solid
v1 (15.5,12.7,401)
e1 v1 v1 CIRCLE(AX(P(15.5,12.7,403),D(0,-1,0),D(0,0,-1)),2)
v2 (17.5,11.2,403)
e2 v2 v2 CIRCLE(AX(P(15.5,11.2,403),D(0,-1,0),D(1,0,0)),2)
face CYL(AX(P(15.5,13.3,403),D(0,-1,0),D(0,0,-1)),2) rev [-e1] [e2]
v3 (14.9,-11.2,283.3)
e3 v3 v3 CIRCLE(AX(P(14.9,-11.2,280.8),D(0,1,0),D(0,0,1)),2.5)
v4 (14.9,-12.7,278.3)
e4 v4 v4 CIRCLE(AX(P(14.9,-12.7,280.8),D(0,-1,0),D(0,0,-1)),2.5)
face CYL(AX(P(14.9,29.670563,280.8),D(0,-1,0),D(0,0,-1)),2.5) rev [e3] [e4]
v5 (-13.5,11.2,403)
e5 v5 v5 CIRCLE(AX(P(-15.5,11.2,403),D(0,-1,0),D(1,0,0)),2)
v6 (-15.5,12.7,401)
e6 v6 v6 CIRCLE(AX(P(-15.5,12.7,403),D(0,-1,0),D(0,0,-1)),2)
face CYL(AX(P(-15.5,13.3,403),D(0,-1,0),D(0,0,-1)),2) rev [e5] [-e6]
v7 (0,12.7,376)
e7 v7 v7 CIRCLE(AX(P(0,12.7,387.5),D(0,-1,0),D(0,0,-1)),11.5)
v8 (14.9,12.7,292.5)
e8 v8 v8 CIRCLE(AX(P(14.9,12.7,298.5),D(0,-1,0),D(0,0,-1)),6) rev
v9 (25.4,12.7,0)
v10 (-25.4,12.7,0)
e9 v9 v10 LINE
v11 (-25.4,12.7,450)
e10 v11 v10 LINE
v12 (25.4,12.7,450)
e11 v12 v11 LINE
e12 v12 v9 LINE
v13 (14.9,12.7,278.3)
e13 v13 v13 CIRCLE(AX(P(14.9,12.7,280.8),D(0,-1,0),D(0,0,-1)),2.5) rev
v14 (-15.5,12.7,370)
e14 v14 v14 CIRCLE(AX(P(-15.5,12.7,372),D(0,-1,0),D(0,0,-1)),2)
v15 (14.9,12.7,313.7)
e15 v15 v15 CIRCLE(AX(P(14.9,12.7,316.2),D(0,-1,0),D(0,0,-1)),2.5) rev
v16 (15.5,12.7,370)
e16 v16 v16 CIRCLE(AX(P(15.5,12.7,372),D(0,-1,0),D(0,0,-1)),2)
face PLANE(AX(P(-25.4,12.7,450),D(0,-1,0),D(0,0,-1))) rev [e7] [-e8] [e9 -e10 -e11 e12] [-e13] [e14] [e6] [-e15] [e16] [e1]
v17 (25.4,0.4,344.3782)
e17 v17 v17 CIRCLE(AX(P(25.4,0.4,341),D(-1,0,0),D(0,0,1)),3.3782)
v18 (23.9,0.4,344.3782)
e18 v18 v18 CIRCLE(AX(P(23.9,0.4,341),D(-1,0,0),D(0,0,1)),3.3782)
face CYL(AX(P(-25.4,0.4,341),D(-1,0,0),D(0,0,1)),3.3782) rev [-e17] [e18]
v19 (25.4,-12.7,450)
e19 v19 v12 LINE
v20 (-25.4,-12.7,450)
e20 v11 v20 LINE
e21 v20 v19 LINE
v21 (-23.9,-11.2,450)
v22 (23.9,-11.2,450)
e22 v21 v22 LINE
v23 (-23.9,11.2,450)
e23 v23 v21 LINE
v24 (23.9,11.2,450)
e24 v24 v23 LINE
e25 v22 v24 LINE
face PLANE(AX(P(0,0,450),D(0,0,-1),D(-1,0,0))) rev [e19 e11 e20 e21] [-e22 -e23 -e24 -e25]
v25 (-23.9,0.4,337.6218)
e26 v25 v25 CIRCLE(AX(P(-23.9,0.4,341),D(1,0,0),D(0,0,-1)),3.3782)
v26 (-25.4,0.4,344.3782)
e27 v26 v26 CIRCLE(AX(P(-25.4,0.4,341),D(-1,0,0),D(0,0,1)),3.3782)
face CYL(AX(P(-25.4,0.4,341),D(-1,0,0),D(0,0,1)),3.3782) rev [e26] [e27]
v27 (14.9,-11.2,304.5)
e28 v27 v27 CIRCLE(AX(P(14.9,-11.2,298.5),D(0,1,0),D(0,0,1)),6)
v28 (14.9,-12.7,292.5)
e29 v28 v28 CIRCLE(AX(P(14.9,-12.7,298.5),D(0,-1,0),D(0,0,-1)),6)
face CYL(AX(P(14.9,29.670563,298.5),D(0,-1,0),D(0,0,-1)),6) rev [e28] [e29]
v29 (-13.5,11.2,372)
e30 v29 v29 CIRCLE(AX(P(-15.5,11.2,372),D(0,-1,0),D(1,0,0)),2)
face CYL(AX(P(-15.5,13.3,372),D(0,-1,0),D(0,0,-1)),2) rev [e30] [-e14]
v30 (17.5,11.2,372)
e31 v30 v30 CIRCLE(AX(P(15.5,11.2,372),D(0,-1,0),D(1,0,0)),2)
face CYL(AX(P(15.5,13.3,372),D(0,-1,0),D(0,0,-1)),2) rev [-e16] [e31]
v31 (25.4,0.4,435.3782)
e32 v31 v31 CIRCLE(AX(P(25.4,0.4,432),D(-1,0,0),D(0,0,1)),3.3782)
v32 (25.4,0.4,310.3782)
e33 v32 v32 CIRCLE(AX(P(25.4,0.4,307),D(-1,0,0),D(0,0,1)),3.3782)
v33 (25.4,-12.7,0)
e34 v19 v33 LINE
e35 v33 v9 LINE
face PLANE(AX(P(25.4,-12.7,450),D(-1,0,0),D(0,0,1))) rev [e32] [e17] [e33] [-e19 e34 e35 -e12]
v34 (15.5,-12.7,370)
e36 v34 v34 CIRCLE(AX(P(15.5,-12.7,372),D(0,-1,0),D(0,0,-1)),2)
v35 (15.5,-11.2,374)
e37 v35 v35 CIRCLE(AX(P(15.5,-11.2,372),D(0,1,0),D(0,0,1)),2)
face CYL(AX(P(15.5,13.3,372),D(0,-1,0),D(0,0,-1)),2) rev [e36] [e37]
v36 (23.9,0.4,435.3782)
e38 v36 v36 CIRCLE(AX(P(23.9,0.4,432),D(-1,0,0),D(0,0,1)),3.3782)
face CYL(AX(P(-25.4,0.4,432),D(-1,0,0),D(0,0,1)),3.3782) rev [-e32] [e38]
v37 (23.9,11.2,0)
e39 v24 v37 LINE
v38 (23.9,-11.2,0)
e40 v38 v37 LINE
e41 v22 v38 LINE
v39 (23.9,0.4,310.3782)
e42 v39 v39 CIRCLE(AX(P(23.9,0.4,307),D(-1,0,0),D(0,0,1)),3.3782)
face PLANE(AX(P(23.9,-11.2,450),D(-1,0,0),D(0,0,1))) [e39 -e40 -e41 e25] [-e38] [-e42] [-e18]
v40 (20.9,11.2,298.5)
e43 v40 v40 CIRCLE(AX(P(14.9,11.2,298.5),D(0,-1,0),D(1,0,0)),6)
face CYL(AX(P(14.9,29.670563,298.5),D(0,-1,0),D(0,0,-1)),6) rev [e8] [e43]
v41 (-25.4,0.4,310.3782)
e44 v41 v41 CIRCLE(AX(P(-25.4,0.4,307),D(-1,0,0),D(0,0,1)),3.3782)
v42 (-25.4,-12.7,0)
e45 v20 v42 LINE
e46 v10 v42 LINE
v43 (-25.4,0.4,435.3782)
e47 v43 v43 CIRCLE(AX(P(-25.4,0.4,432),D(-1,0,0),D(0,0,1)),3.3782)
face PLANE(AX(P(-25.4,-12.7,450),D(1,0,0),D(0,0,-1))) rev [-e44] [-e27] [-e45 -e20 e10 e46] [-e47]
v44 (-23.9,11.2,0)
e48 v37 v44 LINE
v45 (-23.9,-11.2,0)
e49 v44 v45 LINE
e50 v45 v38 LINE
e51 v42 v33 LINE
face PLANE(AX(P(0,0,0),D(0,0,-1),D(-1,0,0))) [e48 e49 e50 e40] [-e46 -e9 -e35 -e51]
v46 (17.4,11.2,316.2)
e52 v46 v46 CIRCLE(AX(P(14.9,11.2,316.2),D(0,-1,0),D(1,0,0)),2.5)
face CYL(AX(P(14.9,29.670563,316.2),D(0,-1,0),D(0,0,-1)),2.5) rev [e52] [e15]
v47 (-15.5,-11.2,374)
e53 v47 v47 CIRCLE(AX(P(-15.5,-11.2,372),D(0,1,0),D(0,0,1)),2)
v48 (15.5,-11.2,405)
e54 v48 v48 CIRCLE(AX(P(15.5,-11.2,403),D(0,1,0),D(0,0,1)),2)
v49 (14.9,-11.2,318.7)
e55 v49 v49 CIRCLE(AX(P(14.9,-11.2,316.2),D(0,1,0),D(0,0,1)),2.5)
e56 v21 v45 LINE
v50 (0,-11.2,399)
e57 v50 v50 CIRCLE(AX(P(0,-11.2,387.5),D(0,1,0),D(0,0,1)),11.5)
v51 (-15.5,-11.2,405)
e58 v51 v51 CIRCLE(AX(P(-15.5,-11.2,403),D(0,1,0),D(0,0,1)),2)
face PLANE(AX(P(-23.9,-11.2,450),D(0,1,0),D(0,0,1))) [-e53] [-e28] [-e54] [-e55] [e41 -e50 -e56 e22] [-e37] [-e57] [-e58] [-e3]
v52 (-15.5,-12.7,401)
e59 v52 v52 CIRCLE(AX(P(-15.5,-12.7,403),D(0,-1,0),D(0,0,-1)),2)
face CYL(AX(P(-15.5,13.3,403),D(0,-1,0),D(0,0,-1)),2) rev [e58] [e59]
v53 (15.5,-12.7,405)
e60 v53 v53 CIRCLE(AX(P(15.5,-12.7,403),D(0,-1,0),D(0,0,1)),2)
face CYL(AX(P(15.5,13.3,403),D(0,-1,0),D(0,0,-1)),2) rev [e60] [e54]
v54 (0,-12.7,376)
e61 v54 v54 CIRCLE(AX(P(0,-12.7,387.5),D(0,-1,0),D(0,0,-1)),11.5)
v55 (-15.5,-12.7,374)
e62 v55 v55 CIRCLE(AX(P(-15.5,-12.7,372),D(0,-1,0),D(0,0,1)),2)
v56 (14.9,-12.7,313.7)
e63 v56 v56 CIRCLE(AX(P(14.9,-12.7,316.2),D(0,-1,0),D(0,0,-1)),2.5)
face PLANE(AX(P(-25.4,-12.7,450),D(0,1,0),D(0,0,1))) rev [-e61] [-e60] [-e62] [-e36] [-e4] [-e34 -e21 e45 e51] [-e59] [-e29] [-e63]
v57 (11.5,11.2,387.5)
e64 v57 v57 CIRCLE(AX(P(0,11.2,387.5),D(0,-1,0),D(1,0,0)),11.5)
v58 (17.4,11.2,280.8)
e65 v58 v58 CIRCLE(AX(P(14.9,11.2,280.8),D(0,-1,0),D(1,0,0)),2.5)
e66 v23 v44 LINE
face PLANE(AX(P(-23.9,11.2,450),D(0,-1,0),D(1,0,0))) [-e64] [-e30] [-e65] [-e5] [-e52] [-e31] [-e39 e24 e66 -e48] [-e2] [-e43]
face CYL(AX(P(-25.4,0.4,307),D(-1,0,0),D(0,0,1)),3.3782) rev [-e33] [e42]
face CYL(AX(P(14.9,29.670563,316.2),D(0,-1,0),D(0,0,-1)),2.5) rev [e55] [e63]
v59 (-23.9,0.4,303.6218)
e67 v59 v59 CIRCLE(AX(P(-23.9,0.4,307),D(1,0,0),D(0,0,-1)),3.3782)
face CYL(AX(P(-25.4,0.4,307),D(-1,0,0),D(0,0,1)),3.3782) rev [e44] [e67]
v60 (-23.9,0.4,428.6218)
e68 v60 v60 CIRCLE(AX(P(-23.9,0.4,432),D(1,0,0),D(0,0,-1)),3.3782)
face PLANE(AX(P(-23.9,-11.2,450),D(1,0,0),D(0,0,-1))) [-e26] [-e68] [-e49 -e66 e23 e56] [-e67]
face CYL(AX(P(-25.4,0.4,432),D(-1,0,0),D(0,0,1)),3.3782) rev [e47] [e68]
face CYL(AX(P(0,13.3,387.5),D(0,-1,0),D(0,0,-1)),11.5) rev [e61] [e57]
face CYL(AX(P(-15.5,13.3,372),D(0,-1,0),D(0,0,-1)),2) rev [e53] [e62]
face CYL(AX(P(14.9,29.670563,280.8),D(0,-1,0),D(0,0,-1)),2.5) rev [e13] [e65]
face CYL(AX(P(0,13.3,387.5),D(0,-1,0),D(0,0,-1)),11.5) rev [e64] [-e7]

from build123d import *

# Parameters (mm, degrees)
CROQUIS1_W                    = 50.8
CROQUIS1_H                    = 25.4
CROQUIS1_W_2                  = 47.8
CROQUIS1_H_2                  = 22.4
SALIENTE_EXTRUIR1_DEPTH       = 450
CROQUIS2_R                    = 11.5
CROQUIS2_R_2                  = 2
CORTAR_EXTRUIR1_DEPTH         = 26
TALADRO_DE_MARGEN_PARA_1_41_D = 6.7564
CROQUIS5_R                    = 6
CROQUIS5_R_2                  = 2.5
CORTAR_EXTRUIR2_DEPTH         = 25.4


with BuildPart() as part:
    # Croquis1 → Saliente-Extruir1 (new body)
    with BuildSketch(Plane.XY):
        Rectangle(CROQUIS1_W, CROQUIS1_H)
        Rectangle(CROQUIS1_W_2, CROQUIS1_H_2, mode=Mode.SUBTRACT)
    extrude(amount=SALIENTE_EXTRUIR1_DEPTH)

    # Croquis2 → Cortar-Extruir1 (cut)
    with BuildSketch(Plane(origin=(0, -12.7, 0), x_dir=(-1, 0, 0), z_dir=(0, -1, 0))):
        with Locations((0, -387.5)):
            Circle(CROQUIS2_R)
        with Locations((15.5, -403)):
            Circle(CROQUIS2_R_2)
        with Locations((-15.5, -403)):
            Circle(CROQUIS2_R_2)
        with Locations((-15.5, -372)):
            Circle(CROQUIS2_R_2)
        with Locations((15.5, -372)):
            Circle(CROQUIS2_R_2)
    extrude(amount=-CORTAR_EXTRUIR1_DEPTH, mode=Mode.SUBTRACT)

    # Taladro de margen para 1/41 (through all)
    with Locations(Plane(origin=(-25.4, 197.888619806, 162.989101594), x_dir=(0, -1, 0), z_dir=(-1, 0, 0))):
        with Locations((197.488619806, 269.010898406), (197.488619806, 178.010898406), (197.488619806, 144.010898406), (572.888619806, 144.010898406), (572.888619806, 178.010898406), (572.888619806, 269.010898406)):
            Hole(TALADRO_DE_MARGEN_PARA_1_41_D / 2)

    # Croquis5 → Cortar-Extruir2 (cut)
    with BuildSketch(Plane.XZ.offset(12.7)):
        with Locations((14.9, 298.5)):
            Circle(CROQUIS5_R)
        with Locations((14.9, 316.2)):
            Circle(CROQUIS5_R_2)
        with Locations((14.9, 280.8)):
            Circle(CROQUIS5_R_2)
    extrude(amount=-CORTAR_EXTRUIR2_DEPTH, mode=Mode.SUBTRACT)


solid = part.part
